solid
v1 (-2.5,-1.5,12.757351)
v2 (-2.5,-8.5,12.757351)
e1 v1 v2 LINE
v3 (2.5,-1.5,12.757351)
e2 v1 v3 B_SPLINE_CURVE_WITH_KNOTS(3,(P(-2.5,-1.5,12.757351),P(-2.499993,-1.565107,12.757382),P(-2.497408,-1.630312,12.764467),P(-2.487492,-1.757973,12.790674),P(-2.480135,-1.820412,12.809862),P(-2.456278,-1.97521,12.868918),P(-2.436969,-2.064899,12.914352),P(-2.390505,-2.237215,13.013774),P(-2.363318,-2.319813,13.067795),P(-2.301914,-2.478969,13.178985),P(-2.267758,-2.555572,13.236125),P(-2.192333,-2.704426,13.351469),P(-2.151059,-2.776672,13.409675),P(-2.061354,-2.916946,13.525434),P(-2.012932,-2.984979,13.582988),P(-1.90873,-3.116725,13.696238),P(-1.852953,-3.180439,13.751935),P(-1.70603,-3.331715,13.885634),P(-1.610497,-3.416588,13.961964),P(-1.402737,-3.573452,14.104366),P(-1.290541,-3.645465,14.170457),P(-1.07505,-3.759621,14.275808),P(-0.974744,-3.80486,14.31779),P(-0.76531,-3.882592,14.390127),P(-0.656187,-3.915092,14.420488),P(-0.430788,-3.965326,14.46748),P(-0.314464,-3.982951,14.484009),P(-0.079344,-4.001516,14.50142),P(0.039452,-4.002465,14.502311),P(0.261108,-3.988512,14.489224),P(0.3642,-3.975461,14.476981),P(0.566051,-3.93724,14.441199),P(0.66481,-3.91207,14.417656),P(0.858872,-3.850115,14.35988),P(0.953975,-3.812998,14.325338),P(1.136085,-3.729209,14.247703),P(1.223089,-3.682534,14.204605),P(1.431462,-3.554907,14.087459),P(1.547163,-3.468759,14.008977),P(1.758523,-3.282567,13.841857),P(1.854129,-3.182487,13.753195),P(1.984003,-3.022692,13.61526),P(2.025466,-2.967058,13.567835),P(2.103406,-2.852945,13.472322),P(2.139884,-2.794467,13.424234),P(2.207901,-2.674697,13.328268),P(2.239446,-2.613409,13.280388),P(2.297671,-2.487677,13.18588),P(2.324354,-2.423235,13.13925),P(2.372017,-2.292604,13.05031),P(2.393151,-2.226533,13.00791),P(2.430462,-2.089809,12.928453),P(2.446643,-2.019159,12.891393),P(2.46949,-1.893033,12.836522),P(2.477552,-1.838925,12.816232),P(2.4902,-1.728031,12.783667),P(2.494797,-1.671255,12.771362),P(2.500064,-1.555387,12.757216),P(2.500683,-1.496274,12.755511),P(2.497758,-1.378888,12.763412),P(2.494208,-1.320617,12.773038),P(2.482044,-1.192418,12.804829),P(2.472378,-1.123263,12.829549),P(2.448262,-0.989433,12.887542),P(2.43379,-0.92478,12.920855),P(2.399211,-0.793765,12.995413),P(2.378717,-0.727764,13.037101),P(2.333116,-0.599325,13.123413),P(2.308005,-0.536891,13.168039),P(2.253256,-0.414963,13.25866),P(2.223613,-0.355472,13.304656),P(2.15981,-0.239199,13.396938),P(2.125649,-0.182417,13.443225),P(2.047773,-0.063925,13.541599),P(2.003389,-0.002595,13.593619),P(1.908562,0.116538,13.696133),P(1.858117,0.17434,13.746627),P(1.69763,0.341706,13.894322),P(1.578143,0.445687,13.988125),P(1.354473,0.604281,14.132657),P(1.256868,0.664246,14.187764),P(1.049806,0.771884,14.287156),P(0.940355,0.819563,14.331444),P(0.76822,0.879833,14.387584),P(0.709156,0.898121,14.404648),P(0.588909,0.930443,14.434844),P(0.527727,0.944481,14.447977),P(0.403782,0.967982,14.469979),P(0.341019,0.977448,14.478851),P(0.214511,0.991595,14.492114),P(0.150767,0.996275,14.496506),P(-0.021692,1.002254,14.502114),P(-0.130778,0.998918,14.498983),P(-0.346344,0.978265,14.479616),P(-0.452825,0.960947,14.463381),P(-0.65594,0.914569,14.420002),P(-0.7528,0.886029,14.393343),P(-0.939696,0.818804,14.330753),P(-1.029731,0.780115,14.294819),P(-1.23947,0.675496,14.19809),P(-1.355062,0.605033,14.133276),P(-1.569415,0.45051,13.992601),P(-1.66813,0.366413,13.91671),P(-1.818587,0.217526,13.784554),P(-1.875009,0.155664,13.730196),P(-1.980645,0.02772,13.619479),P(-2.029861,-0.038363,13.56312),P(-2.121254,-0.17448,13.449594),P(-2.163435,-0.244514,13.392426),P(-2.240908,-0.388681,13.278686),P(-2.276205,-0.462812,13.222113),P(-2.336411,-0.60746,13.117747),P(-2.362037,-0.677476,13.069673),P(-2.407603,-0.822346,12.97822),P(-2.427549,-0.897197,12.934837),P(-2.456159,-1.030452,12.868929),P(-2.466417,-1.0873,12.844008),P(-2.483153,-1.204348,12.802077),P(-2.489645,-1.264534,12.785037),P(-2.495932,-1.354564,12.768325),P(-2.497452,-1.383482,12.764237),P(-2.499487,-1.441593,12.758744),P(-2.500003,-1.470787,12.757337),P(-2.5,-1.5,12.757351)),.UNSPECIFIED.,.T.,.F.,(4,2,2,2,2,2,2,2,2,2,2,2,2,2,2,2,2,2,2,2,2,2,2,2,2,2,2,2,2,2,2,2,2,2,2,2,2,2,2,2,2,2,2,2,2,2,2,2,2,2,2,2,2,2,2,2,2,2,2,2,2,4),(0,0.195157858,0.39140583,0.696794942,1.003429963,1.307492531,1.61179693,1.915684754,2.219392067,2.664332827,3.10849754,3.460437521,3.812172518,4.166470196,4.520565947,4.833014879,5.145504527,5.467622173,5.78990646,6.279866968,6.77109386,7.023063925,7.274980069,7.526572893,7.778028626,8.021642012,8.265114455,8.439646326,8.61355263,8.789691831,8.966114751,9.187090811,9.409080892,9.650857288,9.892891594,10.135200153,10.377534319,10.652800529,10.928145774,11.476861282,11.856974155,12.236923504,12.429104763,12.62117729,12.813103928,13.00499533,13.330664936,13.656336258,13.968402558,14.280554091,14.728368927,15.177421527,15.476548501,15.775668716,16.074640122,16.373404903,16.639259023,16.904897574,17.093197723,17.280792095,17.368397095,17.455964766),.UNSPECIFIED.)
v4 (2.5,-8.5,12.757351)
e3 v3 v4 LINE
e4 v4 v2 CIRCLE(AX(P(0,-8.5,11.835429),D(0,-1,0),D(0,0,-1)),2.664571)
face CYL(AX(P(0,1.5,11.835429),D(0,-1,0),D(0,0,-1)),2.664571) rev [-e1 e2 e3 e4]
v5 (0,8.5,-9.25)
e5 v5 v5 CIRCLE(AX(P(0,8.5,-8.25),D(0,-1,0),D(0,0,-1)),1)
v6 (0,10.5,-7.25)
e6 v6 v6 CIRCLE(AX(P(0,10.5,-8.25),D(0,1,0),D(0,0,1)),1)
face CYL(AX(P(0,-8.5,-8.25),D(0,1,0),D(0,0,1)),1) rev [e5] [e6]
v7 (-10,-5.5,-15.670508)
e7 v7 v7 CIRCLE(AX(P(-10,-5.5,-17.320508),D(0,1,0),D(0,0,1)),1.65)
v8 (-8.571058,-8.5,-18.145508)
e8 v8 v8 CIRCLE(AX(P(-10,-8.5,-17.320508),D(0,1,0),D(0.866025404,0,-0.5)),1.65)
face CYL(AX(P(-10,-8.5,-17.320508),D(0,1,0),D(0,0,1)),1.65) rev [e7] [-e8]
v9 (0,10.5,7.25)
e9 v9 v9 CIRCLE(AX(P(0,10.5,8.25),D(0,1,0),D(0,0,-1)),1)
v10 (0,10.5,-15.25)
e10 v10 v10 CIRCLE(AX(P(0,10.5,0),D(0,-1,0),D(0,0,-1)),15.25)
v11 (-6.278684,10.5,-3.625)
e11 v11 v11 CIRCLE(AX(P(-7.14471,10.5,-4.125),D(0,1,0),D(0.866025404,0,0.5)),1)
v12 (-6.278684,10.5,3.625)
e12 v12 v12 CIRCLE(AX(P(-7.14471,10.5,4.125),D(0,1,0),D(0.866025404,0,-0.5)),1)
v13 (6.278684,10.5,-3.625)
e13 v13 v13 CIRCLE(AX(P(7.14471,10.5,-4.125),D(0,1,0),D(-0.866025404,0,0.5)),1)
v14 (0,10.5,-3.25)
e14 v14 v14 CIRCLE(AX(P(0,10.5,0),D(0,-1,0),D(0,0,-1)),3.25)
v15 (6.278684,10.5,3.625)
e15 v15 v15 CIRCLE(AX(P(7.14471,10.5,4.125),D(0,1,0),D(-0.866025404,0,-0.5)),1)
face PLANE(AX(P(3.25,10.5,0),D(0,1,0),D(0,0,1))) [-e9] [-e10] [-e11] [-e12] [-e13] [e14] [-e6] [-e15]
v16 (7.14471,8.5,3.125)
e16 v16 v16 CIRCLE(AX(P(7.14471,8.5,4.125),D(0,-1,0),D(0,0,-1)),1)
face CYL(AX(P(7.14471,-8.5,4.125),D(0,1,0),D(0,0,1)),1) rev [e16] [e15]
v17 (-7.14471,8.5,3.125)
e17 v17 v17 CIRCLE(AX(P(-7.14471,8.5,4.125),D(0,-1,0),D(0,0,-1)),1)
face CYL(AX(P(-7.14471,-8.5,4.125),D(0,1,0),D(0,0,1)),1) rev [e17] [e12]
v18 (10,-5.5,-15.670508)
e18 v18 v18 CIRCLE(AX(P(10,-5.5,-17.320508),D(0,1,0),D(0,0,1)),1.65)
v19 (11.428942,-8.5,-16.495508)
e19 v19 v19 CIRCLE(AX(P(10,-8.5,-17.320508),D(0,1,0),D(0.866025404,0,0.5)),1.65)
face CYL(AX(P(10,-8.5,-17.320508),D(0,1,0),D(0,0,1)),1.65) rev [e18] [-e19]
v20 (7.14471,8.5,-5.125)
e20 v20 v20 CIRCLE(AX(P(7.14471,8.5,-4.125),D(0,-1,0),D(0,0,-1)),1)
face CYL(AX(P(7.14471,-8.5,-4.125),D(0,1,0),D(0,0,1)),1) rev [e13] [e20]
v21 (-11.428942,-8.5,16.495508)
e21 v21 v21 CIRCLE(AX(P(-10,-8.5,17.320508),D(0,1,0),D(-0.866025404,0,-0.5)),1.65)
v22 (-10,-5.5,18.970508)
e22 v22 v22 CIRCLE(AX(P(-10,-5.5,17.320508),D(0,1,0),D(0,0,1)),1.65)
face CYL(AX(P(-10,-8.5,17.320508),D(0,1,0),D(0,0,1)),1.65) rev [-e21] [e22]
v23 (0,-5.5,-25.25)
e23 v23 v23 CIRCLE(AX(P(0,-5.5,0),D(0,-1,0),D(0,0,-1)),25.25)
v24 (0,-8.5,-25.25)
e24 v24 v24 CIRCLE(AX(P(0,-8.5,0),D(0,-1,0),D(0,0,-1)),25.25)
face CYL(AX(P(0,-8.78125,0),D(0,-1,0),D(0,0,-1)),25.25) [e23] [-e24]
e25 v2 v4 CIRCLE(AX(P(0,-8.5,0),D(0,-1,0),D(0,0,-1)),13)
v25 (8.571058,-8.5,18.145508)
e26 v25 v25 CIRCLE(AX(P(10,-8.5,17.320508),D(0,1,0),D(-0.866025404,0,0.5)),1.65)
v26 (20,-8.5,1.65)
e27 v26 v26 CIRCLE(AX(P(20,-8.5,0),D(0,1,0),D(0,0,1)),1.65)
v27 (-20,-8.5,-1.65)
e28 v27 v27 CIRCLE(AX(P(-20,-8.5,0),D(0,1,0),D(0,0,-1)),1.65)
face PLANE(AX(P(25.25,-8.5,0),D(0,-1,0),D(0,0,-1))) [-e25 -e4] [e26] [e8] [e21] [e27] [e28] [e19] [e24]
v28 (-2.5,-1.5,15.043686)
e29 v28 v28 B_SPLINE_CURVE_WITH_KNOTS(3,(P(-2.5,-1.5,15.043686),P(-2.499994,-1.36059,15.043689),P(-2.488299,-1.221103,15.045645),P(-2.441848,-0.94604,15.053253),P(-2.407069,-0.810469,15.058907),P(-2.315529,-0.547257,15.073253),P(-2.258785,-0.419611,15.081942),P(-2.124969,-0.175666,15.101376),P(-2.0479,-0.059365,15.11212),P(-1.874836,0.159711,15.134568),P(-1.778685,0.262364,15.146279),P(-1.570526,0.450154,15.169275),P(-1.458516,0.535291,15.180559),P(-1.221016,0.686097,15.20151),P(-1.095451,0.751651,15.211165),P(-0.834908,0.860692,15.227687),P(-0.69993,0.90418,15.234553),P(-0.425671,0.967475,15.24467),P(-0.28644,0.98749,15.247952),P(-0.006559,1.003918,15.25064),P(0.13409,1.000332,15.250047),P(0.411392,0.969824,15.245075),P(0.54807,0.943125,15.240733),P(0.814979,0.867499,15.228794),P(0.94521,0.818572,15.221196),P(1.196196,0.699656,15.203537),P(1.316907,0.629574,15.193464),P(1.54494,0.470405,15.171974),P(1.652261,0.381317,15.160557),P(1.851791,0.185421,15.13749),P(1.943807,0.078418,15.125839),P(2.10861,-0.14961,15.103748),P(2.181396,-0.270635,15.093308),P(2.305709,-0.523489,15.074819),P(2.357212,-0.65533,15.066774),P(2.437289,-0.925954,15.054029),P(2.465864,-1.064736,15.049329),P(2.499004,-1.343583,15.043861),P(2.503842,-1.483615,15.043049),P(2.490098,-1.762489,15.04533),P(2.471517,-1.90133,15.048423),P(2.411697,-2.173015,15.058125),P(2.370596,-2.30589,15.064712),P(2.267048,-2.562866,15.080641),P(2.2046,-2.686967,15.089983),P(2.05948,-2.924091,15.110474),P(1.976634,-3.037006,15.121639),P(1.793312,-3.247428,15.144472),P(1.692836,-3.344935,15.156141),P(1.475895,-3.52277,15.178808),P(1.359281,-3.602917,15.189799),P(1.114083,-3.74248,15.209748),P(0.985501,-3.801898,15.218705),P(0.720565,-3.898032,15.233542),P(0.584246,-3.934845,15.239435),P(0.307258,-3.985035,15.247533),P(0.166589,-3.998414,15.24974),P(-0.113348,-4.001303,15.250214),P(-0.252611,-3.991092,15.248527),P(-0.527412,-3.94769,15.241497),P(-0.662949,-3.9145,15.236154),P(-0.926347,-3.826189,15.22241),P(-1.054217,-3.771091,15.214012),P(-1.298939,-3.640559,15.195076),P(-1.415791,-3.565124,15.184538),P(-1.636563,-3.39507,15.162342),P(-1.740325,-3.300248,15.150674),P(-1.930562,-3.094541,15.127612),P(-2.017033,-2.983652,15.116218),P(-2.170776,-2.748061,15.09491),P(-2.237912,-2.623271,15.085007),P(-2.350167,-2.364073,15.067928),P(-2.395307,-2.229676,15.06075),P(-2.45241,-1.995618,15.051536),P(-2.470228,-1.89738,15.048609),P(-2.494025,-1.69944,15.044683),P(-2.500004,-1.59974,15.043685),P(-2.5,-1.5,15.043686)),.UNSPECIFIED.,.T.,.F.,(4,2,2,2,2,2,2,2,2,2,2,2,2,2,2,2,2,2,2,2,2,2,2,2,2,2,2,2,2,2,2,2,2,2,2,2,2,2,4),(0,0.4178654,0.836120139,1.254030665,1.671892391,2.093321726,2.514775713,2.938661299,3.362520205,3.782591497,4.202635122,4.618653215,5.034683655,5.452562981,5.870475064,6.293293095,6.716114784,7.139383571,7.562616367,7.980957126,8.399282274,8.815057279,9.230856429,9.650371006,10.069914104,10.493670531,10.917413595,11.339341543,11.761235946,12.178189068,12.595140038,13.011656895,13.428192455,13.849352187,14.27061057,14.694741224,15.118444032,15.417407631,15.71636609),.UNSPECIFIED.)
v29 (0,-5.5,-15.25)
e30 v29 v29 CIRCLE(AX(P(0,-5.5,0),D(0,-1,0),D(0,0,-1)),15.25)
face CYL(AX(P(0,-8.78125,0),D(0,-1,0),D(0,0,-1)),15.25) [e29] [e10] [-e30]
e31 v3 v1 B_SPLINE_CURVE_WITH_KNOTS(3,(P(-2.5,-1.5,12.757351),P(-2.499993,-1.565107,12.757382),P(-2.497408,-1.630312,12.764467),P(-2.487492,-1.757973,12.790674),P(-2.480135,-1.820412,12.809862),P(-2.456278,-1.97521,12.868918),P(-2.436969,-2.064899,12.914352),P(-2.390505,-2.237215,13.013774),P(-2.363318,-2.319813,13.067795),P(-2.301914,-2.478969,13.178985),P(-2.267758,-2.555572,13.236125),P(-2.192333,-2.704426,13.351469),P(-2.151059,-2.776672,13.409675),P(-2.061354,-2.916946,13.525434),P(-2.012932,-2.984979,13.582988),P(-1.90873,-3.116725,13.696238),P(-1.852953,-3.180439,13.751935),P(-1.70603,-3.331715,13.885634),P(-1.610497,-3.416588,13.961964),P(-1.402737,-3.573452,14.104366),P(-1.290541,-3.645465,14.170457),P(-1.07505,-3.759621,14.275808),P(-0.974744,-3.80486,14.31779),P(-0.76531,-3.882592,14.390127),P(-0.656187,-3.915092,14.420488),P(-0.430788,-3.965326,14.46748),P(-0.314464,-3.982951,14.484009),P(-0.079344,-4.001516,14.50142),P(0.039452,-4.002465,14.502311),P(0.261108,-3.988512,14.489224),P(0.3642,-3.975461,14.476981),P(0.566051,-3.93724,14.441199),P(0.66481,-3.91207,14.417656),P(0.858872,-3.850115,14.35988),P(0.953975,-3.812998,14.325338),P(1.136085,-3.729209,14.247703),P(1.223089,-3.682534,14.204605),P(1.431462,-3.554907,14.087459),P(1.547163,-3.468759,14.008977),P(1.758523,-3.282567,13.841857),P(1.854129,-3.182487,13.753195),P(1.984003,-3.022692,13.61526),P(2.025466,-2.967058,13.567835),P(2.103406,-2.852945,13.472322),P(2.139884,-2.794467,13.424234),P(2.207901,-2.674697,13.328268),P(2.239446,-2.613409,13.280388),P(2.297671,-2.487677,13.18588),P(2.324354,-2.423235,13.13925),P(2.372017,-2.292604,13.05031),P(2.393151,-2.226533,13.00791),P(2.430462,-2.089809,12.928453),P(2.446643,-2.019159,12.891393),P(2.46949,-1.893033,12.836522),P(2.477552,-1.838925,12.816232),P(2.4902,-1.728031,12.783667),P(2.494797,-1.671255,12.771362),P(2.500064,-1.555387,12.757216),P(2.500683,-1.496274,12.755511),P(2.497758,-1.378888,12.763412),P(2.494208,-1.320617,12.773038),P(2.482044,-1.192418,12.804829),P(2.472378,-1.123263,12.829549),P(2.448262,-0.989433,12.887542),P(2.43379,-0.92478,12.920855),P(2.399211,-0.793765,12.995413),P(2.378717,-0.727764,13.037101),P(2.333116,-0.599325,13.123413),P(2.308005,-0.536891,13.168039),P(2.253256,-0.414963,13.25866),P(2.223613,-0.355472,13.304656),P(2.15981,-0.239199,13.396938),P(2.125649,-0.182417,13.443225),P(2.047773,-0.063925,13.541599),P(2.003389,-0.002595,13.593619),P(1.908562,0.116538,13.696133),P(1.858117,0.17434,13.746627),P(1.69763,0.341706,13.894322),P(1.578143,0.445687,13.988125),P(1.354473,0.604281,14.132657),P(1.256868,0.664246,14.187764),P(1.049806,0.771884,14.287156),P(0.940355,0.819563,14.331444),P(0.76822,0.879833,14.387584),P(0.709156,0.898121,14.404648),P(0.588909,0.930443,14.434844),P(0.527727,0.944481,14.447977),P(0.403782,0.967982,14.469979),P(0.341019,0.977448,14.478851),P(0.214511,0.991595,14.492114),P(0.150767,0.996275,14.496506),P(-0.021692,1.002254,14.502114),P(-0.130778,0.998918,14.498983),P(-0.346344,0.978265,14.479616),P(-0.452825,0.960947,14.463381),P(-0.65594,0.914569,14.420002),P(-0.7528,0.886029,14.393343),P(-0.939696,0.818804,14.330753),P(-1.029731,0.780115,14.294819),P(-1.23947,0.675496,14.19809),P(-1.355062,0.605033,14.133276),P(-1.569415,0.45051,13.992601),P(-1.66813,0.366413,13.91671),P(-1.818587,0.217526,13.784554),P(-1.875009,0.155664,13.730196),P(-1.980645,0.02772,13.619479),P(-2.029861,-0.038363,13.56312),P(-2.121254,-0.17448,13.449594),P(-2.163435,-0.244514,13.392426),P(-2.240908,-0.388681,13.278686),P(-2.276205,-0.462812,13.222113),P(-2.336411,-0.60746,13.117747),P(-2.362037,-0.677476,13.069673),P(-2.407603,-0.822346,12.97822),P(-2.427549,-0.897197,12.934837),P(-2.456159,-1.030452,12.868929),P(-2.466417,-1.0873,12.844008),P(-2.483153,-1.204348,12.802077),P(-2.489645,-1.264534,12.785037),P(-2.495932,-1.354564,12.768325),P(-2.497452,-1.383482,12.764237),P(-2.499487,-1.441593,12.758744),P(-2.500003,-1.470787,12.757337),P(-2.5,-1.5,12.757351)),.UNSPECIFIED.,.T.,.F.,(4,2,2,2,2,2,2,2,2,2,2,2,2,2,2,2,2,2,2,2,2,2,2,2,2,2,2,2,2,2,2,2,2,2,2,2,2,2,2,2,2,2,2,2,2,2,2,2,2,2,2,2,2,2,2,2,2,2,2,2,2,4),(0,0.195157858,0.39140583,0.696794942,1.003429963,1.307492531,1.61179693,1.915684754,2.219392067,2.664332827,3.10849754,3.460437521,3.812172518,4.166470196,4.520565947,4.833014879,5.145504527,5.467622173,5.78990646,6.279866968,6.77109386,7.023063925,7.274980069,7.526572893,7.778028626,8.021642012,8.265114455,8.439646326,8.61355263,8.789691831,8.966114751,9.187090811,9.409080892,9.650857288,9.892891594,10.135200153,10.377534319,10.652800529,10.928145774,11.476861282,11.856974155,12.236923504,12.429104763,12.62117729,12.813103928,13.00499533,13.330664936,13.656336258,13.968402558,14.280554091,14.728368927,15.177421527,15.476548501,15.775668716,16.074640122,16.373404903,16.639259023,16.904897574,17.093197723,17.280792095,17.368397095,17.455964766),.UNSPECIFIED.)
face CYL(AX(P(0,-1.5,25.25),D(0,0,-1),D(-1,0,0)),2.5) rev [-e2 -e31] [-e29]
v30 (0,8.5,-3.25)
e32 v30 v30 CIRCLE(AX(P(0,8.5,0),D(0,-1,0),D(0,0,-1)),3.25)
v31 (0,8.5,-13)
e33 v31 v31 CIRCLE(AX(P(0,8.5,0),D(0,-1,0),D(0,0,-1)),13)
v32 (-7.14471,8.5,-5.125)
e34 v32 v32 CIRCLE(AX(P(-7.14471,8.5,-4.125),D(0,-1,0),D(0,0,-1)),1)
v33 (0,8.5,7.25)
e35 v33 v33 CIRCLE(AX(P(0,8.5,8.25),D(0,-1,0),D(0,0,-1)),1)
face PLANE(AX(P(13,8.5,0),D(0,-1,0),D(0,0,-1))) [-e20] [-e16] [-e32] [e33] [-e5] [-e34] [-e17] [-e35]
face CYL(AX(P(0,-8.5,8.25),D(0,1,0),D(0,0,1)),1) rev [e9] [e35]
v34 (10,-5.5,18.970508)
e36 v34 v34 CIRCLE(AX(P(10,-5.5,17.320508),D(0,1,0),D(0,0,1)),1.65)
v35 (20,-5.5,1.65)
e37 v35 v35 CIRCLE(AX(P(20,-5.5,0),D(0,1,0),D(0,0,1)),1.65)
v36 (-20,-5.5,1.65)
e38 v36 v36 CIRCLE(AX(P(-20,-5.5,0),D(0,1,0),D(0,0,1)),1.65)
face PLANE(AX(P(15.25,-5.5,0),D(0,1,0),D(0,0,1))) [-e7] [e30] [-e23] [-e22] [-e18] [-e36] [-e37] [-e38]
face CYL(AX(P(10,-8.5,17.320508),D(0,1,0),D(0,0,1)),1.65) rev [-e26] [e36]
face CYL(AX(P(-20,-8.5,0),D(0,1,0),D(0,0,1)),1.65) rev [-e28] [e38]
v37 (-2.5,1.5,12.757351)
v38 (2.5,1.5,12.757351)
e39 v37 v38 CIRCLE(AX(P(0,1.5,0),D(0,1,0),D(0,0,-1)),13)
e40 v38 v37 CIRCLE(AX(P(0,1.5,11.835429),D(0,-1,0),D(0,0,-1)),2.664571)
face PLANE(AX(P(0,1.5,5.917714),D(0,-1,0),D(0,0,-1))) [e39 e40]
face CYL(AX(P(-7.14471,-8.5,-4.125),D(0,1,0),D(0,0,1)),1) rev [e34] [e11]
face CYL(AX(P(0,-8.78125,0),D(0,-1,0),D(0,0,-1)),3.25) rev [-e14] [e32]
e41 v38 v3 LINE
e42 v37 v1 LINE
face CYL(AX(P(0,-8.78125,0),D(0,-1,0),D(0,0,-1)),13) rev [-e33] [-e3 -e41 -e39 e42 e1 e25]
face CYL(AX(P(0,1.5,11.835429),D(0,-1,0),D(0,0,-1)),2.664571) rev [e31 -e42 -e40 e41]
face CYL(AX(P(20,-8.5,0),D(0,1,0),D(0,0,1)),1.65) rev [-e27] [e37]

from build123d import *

# Parameters (mm, degrees)
SKETCH2_R          = 1
SKETCH2_R_2        = 1.65
CUT_EXTRUDE1_DEPTH = 41.449042016
CIRPATTERN1_COUNT  = 6
SKETCH3_R          = 2.5
CUT_EXTRUDE2_DEPTH = 38.220626002
CUT_EXTRUDE3_START = -10
CUT_EXTRUDE3_DEPTH = 10


with BuildPart() as part:
    # Sketch1 → Revolve1 (revolve)
    with BuildSketch(Plane.XY, mode=Mode.PRIVATE) as revolve1_sk:
        Polygon((3.25, 8.5), (3.25, 10.5), (15.25, 10.5), (15.25, -5.5), (25.25, -5.5), (25.25, -8.5), (13, -8.5), (13, 8.5), align=None)
    revolve(revolve1_sk.sketch.rotate(Axis((0, -8.78125, 0), (0, 1, 0)), 90), axis=Axis((0, -8.78125, 0), (0, 1, 0)))

    # Sketch2 → Cut-Extrude1 (cut, through all)
    with BuildSketch(Plane(origin=(0, 10.5, 0), x_dir=(1, 0, 0), z_dir=(0, 1, 0))):
        with Locations(Location((0, 8.25, 0), (0, 0, 270))):
            Circle(SKETCH2_R)
        with Locations(Location((20, 0, 0), (0, 0, 270))):
            Circle(SKETCH2_R_2)
    cut_extrude1 = extrude(amount=-CUT_EXTRUDE1_DEPTH, mode=Mode.SUBTRACT)

    # CirPattern1: Cut-Extrude1 ×6 about axis
    cirpattern1_axis = Axis((0, 0, 0), (0, 1, 0))
    for i in range(1, CIRPATTERN1_COUNT):
        add(cut_extrude1.rotate(cirpattern1_axis, i * 360 / CIRPATTERN1_COUNT), mode=Mode.SUBTRACT)

    # Sketch3 → Cut-Extrude2 (cut, through all)
    with BuildSketch(Plane.XY):
        with Locations(Location((0, -1.5, 0), (0, 0, 180))):
            Circle(SKETCH3_R)
    extrude(amount=CUT_EXTRUDE2_DEPTH, mode=Mode.SUBTRACT)

    # Sketch4 → Cut-Extrude3 (cut)
    with BuildSketch(Plane.XZ.offset(8.5).offset(CUT_EXTRUDE3_START)):
        with BuildLine():
            ThreePointArc((2.5, 12.757350822), (0, 13), (-2.5, 12.757350822))
            ThreePointArc((-2.5, 12.757350822), (0, 14.5), (2.5, 12.757350822))
        make_face()
    extrude(amount=CUT_EXTRUDE3_DEPTH, mode=Mode.SUBTRACT)


solid = part.part
